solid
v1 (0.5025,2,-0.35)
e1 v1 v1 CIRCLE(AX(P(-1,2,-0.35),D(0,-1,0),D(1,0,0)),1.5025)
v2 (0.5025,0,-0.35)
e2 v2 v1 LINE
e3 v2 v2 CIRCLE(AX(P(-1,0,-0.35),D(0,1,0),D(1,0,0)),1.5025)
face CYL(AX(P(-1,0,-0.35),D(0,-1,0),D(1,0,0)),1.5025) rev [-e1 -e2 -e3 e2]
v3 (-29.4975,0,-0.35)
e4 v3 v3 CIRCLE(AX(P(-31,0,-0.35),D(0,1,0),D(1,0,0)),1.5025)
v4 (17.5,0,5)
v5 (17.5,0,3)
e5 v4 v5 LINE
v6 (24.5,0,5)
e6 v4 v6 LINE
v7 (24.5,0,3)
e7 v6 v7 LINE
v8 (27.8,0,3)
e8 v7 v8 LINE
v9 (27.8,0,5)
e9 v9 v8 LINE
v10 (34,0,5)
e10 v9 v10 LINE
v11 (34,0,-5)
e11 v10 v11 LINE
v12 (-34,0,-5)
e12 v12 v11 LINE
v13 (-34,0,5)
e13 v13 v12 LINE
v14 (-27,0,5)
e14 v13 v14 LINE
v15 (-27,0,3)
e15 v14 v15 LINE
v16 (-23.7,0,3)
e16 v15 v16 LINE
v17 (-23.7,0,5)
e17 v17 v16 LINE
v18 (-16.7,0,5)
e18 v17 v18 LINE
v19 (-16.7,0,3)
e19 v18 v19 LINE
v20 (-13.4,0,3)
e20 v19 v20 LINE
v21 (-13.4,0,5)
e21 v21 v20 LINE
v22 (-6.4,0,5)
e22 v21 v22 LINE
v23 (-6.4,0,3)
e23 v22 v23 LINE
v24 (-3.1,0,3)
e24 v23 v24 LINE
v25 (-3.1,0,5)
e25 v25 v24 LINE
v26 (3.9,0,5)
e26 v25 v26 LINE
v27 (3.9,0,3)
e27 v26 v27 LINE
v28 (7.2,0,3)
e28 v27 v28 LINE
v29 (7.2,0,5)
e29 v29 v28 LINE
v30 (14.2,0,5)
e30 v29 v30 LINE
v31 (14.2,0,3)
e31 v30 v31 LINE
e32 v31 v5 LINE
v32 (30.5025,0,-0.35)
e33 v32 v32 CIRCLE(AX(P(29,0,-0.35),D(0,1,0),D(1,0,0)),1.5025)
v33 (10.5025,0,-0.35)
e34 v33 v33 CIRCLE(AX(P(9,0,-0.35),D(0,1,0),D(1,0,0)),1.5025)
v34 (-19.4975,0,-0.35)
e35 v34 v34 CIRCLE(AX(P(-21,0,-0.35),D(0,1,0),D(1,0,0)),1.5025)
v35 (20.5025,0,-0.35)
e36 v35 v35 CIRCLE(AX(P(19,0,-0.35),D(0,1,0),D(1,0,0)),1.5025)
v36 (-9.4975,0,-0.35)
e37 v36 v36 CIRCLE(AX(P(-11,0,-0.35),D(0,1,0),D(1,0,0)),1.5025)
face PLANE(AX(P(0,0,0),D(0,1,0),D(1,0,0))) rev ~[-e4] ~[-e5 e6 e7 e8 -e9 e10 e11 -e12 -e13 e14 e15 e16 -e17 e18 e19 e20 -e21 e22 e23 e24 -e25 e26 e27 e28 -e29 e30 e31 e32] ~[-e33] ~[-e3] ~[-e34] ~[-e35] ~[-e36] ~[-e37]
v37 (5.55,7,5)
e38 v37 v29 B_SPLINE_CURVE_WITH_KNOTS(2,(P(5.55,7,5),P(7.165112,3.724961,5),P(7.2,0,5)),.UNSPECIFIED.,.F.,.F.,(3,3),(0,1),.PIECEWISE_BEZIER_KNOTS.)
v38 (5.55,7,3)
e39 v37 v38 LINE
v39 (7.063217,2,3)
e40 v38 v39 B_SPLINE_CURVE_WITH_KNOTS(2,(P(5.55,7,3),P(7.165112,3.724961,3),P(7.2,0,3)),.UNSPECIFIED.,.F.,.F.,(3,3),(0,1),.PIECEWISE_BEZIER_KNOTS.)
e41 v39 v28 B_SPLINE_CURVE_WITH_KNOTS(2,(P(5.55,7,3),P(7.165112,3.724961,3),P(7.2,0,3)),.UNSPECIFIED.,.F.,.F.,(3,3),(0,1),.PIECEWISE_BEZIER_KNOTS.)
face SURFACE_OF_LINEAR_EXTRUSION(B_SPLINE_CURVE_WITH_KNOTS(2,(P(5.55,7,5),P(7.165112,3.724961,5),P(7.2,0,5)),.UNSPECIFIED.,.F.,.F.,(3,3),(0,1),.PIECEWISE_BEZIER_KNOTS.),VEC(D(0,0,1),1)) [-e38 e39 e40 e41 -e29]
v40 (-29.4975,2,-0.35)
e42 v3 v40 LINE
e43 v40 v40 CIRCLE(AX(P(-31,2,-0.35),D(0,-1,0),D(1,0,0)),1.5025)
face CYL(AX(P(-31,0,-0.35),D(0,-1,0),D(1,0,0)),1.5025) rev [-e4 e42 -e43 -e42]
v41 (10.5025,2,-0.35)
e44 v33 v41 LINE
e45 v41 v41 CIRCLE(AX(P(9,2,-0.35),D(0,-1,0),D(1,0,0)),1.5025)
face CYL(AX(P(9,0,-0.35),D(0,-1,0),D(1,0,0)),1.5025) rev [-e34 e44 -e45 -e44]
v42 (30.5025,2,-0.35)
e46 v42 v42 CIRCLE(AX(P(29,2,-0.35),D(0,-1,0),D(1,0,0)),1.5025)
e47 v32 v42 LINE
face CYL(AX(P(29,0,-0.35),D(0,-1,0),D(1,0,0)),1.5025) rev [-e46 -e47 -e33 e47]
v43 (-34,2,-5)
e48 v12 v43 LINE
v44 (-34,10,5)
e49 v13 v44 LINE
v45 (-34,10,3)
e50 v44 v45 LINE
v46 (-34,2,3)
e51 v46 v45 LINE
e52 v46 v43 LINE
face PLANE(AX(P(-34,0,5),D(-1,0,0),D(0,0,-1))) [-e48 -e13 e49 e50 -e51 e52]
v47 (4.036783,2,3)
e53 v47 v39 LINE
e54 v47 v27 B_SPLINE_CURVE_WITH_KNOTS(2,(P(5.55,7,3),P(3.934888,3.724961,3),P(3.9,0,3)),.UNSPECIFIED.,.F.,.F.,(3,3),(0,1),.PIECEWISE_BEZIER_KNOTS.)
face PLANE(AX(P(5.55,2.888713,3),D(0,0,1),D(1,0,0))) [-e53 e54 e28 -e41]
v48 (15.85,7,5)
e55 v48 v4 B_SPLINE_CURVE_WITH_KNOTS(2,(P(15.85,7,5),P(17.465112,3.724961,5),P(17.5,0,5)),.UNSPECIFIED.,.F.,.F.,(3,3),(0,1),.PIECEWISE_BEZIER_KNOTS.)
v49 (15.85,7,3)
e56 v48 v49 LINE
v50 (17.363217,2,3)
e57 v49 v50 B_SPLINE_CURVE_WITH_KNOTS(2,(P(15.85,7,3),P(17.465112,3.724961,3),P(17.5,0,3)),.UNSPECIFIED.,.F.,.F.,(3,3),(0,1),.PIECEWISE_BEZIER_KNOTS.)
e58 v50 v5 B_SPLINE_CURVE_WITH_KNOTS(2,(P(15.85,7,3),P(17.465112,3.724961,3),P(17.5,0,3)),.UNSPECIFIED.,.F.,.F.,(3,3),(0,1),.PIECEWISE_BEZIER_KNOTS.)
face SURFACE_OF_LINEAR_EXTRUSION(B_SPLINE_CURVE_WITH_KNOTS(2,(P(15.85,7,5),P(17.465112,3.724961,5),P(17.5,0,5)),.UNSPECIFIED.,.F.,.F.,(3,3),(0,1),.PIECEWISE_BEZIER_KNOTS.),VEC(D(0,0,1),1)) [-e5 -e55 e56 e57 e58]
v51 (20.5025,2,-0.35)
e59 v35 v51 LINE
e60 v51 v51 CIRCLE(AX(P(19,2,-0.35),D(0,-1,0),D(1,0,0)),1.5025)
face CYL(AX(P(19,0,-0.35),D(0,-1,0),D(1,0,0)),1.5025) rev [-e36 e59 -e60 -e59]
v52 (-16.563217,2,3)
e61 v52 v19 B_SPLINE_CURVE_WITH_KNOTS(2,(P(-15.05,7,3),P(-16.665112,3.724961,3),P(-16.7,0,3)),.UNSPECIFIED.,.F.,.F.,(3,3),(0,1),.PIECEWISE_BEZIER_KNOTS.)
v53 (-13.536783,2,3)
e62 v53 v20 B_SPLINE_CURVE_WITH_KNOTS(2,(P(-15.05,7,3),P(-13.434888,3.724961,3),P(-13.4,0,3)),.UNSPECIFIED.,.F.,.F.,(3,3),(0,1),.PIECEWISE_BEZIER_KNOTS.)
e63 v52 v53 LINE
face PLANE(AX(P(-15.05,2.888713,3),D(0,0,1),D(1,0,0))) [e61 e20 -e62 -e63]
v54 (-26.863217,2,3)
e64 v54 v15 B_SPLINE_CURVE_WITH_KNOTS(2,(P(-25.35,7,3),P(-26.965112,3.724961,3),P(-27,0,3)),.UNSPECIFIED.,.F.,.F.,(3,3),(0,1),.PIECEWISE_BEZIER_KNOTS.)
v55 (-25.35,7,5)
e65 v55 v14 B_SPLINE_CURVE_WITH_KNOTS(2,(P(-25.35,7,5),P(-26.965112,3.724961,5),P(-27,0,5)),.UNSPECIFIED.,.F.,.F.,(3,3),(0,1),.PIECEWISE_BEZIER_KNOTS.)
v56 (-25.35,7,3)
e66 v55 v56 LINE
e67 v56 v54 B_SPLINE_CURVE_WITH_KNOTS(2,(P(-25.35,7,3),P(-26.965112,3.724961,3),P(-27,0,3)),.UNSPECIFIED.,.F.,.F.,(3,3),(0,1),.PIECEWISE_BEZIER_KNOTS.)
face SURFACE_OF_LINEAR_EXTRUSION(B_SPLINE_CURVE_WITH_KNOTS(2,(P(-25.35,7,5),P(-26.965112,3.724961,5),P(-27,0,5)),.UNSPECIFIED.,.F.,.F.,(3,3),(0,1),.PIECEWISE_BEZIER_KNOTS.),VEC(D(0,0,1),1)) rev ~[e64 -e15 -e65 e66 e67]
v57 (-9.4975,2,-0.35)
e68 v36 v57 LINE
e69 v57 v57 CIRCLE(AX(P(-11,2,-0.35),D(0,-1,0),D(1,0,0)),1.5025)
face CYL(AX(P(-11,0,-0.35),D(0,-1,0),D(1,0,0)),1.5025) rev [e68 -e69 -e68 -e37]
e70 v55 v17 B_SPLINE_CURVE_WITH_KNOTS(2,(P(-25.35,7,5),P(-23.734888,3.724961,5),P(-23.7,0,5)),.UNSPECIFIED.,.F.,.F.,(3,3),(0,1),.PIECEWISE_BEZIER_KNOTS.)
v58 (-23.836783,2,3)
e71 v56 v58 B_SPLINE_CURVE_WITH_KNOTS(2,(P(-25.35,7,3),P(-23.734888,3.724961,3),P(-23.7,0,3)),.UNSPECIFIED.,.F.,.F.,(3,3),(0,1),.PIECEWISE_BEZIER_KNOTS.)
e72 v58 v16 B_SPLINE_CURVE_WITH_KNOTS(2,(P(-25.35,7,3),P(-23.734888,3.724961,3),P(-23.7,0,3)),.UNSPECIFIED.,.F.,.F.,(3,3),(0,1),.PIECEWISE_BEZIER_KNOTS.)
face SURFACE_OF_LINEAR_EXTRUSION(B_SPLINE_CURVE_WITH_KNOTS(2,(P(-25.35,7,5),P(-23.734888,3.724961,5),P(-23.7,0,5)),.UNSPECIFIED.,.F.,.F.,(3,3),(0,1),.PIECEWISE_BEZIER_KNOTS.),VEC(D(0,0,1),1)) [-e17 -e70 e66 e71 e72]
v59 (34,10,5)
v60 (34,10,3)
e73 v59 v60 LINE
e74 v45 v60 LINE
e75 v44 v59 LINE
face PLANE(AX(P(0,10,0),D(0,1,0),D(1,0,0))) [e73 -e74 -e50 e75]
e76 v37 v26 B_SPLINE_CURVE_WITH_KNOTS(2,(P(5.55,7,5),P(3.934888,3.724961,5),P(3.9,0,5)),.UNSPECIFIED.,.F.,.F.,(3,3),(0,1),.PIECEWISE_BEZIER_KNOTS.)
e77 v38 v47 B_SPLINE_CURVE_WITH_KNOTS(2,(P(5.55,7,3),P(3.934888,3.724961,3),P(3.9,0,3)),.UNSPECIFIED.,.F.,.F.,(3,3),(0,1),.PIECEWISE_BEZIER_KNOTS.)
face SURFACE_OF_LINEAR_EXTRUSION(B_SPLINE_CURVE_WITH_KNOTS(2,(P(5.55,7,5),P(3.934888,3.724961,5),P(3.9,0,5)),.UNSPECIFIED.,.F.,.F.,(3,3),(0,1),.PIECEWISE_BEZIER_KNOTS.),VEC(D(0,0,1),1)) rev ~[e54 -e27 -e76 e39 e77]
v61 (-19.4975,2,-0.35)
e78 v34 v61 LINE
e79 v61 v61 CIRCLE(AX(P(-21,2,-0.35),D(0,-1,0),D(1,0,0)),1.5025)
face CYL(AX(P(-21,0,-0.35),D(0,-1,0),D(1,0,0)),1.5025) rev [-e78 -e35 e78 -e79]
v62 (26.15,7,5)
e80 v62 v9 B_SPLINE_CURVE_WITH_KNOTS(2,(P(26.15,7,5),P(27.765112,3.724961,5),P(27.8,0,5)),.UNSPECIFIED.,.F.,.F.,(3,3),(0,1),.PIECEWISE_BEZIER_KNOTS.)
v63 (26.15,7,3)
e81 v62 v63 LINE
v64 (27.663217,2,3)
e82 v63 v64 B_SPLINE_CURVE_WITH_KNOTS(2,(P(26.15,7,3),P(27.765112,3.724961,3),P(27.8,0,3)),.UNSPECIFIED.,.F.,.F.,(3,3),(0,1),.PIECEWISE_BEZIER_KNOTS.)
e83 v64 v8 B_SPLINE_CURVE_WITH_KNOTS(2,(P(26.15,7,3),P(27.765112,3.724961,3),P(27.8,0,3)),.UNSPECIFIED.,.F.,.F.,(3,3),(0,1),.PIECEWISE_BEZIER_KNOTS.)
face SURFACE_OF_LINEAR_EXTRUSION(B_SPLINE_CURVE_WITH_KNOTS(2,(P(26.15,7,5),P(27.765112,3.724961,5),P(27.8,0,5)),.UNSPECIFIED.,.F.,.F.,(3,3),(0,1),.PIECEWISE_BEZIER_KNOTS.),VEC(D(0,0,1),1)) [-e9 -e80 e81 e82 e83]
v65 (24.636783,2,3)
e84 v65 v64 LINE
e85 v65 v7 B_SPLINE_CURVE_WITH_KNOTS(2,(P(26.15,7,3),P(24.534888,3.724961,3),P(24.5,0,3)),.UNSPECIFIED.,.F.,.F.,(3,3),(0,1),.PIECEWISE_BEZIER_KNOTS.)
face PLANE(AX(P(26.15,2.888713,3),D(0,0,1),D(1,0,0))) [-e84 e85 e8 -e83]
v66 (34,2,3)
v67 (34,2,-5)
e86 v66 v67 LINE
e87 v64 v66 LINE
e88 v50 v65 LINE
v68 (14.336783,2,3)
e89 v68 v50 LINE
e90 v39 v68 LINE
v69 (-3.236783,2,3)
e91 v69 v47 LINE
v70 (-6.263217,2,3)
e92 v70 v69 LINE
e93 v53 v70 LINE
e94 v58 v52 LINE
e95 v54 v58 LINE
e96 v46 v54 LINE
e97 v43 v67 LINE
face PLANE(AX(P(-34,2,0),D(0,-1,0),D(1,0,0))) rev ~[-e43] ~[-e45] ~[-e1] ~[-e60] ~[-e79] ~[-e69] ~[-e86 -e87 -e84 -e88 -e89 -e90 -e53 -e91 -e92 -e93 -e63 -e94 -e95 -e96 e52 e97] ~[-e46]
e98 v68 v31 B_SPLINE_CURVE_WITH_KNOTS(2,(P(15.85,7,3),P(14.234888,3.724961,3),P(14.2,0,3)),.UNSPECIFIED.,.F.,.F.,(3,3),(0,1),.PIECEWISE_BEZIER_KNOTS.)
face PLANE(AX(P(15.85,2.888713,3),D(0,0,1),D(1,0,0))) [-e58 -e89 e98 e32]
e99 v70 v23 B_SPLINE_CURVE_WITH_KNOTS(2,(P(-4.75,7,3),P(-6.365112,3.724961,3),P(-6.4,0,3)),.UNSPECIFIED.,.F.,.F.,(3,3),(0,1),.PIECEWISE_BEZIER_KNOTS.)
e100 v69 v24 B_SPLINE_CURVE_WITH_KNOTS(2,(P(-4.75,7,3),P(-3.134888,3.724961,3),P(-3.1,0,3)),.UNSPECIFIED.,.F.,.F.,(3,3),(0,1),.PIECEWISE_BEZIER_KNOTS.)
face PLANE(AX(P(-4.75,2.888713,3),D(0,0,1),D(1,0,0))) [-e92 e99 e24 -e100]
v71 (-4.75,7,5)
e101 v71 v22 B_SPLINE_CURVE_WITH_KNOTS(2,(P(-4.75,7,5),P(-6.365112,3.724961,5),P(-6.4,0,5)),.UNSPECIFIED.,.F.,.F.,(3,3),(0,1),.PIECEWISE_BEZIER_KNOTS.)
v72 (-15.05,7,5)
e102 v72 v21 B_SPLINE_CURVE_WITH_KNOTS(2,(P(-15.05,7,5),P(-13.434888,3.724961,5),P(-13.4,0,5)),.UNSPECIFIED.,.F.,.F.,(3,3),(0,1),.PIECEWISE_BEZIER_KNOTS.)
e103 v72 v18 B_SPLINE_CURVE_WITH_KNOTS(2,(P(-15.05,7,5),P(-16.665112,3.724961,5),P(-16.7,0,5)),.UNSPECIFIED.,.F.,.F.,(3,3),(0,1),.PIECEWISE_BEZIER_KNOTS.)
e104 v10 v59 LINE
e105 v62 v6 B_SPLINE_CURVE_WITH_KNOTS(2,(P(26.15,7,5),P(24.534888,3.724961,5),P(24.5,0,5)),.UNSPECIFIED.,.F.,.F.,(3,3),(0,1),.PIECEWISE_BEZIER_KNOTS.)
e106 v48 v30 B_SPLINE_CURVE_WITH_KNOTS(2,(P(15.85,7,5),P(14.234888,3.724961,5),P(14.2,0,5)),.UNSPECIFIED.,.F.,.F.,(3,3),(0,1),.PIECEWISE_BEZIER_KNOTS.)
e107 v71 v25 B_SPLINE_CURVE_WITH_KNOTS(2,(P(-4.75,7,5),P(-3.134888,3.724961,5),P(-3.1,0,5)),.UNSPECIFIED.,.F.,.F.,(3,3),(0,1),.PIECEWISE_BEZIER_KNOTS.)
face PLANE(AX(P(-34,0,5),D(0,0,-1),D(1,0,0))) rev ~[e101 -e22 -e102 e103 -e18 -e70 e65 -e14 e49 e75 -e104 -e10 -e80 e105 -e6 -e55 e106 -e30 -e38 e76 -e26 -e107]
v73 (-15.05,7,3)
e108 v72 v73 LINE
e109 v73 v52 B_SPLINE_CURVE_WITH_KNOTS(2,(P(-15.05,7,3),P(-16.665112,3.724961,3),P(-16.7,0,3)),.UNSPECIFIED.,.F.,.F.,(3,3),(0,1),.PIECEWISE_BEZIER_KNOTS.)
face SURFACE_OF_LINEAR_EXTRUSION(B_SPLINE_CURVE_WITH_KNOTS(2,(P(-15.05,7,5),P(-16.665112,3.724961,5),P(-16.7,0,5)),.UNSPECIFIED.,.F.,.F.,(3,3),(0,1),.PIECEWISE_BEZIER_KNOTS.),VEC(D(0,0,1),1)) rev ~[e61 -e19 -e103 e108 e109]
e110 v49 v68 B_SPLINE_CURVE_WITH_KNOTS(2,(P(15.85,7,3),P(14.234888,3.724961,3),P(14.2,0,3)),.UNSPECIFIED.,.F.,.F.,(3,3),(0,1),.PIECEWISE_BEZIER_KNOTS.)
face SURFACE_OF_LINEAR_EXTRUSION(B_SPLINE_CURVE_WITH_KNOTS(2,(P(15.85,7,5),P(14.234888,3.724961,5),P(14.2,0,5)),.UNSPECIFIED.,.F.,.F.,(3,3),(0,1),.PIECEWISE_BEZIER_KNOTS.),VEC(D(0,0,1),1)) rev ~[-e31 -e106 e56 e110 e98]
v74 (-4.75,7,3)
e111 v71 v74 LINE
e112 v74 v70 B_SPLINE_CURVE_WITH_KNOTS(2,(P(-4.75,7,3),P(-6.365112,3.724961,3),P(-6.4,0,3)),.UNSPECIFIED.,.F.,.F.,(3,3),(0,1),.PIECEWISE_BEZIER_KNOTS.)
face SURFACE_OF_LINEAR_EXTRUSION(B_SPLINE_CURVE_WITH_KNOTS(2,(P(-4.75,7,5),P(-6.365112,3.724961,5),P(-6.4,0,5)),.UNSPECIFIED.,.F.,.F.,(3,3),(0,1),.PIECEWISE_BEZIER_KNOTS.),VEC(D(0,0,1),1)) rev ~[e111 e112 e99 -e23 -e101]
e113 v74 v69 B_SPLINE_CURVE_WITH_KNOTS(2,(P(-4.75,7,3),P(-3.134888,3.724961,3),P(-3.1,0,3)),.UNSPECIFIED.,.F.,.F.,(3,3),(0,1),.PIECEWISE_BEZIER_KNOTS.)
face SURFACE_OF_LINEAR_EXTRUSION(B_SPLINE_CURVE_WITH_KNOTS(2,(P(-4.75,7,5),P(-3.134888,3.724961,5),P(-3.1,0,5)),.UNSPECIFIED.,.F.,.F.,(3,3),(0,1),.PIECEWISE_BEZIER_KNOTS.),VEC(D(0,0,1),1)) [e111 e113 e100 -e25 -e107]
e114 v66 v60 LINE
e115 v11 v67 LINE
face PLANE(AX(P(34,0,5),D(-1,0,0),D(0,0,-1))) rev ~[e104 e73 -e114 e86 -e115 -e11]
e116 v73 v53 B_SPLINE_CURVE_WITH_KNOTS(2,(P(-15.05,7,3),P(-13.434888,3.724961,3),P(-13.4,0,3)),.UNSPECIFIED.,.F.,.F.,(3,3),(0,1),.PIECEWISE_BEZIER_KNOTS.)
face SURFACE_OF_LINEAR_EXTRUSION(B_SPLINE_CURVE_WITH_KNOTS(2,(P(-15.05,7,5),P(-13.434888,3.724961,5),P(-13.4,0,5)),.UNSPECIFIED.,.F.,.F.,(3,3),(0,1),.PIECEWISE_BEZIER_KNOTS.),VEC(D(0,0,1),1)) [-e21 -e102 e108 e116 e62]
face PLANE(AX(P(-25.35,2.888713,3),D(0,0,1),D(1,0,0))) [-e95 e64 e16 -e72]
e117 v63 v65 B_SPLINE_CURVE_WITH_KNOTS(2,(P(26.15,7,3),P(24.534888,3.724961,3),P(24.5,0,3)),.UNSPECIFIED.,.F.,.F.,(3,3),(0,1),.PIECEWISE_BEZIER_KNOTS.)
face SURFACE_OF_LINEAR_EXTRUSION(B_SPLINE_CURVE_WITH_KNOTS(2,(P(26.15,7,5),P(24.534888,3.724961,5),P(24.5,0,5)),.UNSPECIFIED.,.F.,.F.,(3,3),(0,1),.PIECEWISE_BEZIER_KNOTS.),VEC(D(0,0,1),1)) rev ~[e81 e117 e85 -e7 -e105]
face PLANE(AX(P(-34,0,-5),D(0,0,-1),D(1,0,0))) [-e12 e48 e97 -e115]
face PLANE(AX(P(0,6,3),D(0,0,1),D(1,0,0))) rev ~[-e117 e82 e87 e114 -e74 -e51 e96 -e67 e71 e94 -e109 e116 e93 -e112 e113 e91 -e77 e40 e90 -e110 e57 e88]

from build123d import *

# Parameters (mm, degrees)
SKETCH1_W                      = 68
SKETCH1_H                      = 10
SKETCH1_R                      = 1.5025
BOSS_EXTRUDE1_DEPTH            = 10
CUT_EXTRUDE1_REACH             = 7
SKETCH2_W                      = 68
SKETCH2_H                      = 8
CUT_EXTRUDE1_DIRECTION_2_DEPTH = 3
CUT_EXTRUDE2_DEPTH             = 2


with BuildPart() as part:
    # Sketch1 → Boss-Extrude1 (new body)
    with BuildSketch(Plane(origin=(0, 0, 0), x_dir=(1, 0, 0), z_dir=(0, 1, 0))):
        Rectangle(SKETCH1_W, SKETCH1_H)
        with Locations((-31, 0.35)):
            Circle(SKETCH1_R, mode=Mode.SUBTRACT)
        with Locations((-21, 0.35)):
            Circle(SKETCH1_R, mode=Mode.SUBTRACT)
        with Locations((-11, 0.35)):
            Circle(SKETCH1_R, mode=Mode.SUBTRACT)
        with Locations((-1, 0.35)):
            Circle(SKETCH1_R, mode=Mode.SUBTRACT)
        with Locations((9, 0.35)):
            Circle(SKETCH1_R, mode=Mode.SUBTRACT)
        with Locations((19, 0.35)):
            Circle(SKETCH1_R, mode=Mode.SUBTRACT)
        with Locations((29, 0.35)):
            Circle(SKETCH1_R, mode=Mode.SUBTRACT)
    extrude(amount=BOSS_EXTRUDE1_DEPTH)

    # Sketch2 → Cut-Extrude1 (cut, up to next)
    with BuildSketch(Plane.XY, mode=Mode.PRIVATE) as cut_extrude1_sk1:
        with Locations((0, 6)):
            Rectangle(SKETCH2_W, SKETCH2_H)
    cut_extrude1_tool1 = extrude(cut_extrude1_sk1.sketch, amount=-CUT_EXTRUDE1_REACH, mode=Mode.PRIVATE) & part.part
    add(cut_extrude1_tool1.solids().sort_by_distance((0, 6, 0))[0], mode=Mode.SUBTRACT)

    # Sketch2 → Cut-Extrude1 direction 2 (cut)
    with BuildSketch(Plane.XY):
        with Locations((0, 6)):
            Rectangle(SKETCH2_W, SKETCH2_H)
    extrude(amount=CUT_EXTRUDE1_DIRECTION_2_DEPTH, mode=Mode.SUBTRACT)

    # Sketch3 → Cut-Extrude2 (cut)
    with BuildSketch(Plane.XY.offset(5)):
        with BuildLine():
            Line((-27, 0), (-23.7, 0))
            add(Edge.make_bspline(
                [(-25.35, 7), (-23.734888234, 3.724961413), (-23.7, 0)],
                knots=[0, 0, 0, 1, 1, 1], degree=2))
            add(Edge.make_bspline(
                [(-25.35, 7), (-26.965111766, 3.724961413), (-27, 0)],
                knots=[0, 0, 0, 1, 1, 1], degree=2))
        make_face()
        with BuildLine():
            Line((-16.7, 0), (-13.4, 0))
            add(Edge.make_bspline(
                [(-15.05, 7), (-13.434888234, 3.724961413), (-13.4, 0)],
                knots=[0, 0, 0, 1, 1, 1], degree=2))
            add(Edge.make_bspline(
                [(-15.05, 7), (-16.665111766, 3.724961413), (-16.7, 0)],
                knots=[0, 0, 0, 1, 1, 1], degree=2))
        make_face()
        with BuildLine():
            Line((-6.4, 0), (-3.1, 0))
            add(Edge.make_bspline(
                [(-4.75, 7), (-3.134888234, 3.724961413), (-3.1, 0)],
                knots=[0, 0, 0, 1, 1, 1], degree=2))
            add(Edge.make_bspline(
                [(-4.75, 7), (-6.365111766, 3.724961413), (-6.4, 0)],
                knots=[0, 0, 0, 1, 1, 1], degree=2))
        make_face()
        with BuildLine():
            Line((3.9, 0), (7.2, 0))
            add(Edge.make_bspline(
                [(5.55, 7), (7.165111766, 3.724961413), (7.2, 0)],
                knots=[0, 0, 0, 1, 1, 1], degree=2))
            add(Edge.make_bspline(
                [(5.55, 7), (3.934888234, 3.724961413), (3.9, 0)],
                knots=[0, 0, 0, 1, 1, 1], degree=2))
        make_face()
        with BuildLine():
            Line((14.2, 0), (17.5, 0))
            add(Edge.make_bspline(
                [(15.85, 7), (17.465111766, 3.724961413), (17.5, 0)],
                knots=[0, 0, 0, 1, 1, 1], degree=2))
            add(Edge.make_bspline(
                [(15.85, 7), (14.234888234, 3.724961413), (14.2, 0)],
                knots=[0, 0, 0, 1, 1, 1], degree=2))
        make_face()
        with BuildLine():
            Line((24.5, 0), (27.8, 0))
            add(Edge.make_bspline(
                [(26.15, 7), (27.765111766, 3.724961413), (27.8, 0)],
                knots=[0, 0, 0, 1, 1, 1], degree=2))
            add(Edge.make_bspline(
                [(26.15, 7), (24.534888234, 3.724961413), (24.5, 0)],
                knots=[0, 0, 0, 1, 1, 1], degree=2))
        make_face()
    extrude(amount=-CUT_EXTRUDE2_DEPTH, mode=Mode.SUBTRACT)


solid = part.part
